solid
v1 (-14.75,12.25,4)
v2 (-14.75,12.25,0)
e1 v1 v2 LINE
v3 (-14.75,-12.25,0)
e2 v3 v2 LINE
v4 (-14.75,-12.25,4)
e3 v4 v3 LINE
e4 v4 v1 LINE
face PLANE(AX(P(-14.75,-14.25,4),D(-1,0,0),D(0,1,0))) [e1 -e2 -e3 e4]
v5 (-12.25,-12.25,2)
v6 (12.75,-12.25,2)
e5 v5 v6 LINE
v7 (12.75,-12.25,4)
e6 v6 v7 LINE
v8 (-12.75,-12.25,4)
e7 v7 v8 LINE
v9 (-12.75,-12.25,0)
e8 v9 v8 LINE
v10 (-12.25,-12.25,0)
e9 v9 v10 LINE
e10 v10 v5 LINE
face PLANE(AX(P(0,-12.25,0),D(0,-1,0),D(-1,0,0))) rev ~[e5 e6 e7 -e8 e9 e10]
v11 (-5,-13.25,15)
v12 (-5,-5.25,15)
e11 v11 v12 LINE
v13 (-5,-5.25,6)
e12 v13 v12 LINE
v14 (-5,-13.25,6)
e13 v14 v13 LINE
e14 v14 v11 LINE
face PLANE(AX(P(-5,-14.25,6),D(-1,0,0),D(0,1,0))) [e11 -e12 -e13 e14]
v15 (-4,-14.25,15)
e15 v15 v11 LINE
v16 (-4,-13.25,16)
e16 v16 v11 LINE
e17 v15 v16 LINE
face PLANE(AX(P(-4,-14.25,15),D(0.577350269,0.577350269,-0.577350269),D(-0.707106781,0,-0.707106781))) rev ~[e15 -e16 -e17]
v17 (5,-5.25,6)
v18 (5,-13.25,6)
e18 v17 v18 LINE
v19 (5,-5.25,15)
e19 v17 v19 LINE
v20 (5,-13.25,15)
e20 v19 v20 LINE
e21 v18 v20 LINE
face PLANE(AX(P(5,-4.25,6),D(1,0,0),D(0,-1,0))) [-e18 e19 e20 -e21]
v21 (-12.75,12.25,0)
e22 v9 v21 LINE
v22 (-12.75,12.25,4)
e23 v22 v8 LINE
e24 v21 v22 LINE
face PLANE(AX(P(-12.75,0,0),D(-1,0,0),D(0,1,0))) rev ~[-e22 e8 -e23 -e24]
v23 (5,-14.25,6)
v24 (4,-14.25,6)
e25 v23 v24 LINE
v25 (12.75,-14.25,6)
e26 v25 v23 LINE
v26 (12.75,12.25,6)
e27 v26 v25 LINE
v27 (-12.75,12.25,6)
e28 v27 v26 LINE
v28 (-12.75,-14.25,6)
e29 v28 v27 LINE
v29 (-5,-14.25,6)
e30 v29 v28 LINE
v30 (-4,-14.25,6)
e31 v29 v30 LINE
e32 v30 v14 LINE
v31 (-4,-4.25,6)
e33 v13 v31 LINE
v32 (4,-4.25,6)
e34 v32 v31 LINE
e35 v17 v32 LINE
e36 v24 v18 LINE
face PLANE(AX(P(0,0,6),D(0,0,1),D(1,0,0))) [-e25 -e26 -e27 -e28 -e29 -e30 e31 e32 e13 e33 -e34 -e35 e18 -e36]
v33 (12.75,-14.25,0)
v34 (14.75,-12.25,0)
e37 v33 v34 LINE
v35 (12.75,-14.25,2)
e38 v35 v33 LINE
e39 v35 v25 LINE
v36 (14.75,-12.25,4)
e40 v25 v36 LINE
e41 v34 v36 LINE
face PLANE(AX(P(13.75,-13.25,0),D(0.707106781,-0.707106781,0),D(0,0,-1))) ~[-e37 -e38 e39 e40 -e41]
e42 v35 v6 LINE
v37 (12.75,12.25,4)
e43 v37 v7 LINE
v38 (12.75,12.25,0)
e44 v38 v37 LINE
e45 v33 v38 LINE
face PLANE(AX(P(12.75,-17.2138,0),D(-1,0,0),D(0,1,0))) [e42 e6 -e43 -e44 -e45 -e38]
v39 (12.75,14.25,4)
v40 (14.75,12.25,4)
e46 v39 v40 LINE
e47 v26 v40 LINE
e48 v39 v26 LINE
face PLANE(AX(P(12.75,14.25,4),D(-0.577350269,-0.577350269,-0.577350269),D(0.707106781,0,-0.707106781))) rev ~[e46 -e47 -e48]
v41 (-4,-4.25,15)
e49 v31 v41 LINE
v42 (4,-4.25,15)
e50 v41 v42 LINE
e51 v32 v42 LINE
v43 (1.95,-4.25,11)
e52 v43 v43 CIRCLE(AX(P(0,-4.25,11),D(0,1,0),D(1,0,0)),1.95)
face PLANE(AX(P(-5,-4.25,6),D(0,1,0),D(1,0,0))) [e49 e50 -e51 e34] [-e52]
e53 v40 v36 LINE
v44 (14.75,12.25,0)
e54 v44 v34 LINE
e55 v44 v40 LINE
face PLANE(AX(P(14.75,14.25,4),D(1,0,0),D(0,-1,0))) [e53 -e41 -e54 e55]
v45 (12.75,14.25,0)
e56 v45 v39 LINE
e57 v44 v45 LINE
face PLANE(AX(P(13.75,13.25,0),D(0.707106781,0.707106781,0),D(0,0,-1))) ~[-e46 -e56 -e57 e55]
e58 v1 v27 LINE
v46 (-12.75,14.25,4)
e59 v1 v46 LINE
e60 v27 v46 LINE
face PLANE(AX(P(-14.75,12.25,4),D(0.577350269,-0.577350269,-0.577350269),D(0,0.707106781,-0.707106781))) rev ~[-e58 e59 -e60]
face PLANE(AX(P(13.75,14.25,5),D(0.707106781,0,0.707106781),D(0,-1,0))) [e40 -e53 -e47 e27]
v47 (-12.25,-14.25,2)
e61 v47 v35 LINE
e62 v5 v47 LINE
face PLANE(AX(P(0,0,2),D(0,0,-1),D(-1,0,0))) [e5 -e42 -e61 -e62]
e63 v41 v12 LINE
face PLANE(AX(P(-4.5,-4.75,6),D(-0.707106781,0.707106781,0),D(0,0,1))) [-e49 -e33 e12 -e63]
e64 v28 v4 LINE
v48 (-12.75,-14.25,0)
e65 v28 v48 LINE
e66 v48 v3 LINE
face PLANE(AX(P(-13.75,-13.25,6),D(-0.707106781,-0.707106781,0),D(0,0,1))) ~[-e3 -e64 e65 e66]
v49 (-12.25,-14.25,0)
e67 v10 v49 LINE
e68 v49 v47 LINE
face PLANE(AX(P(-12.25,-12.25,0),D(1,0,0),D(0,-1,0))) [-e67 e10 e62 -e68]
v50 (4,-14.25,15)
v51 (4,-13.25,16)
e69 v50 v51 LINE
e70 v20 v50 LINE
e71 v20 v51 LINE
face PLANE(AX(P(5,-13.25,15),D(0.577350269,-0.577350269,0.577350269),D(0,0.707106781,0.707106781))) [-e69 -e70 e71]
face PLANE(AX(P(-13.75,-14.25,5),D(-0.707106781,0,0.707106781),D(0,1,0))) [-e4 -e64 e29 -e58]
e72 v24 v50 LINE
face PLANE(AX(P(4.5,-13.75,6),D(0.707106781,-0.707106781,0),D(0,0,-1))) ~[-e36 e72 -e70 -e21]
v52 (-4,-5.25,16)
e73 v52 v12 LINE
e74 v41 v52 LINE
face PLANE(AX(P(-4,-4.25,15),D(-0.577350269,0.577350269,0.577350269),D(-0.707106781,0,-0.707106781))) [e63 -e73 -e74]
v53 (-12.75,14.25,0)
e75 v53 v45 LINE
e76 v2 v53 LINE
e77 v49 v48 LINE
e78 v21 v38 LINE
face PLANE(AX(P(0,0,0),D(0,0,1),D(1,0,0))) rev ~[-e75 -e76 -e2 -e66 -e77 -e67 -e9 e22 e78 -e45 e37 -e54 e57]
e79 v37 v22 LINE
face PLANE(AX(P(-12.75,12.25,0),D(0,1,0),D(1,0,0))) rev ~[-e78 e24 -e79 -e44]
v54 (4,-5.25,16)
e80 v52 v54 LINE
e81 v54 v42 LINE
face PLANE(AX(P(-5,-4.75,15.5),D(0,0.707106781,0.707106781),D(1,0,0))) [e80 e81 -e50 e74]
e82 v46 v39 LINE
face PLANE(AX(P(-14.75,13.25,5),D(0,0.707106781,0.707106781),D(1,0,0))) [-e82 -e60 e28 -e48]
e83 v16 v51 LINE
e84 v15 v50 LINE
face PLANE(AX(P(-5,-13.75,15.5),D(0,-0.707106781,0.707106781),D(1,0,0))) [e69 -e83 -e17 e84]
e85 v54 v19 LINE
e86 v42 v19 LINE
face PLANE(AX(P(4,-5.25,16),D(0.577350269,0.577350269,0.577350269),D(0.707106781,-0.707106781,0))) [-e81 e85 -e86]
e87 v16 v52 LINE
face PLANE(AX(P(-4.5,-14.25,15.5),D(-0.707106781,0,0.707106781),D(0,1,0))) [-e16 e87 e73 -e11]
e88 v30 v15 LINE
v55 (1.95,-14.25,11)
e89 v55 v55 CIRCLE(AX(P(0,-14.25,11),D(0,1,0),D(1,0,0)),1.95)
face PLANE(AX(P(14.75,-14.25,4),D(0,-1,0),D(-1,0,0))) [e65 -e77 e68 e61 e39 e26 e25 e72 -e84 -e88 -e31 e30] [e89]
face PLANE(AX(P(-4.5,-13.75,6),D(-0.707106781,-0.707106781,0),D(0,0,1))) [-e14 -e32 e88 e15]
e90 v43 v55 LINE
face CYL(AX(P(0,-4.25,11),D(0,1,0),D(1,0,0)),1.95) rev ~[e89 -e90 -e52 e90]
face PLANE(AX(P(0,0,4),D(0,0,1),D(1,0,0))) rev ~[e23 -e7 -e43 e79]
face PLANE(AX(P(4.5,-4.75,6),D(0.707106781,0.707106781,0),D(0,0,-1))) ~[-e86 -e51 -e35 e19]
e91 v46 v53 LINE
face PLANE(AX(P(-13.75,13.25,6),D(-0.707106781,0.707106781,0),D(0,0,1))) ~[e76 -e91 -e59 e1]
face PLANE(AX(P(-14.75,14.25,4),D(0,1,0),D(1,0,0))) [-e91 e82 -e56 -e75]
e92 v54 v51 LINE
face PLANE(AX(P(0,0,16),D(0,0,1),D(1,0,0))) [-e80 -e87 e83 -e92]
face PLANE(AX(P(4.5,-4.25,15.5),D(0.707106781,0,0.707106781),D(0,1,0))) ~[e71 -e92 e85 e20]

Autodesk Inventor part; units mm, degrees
ref_plane "YZ Plane" through (0, 0, 0) normal (1, 0, 0) x (0, 1, 0)
ref_plane "XZ Plane" through (0, 0, 0) normal (0, 1, 0) x (-1, 0, 0)
ref_plane "XY Plane" through (0, 0, 0) normal (0, 0, 1) x (1, 0, 0)
sketch "Skizze1" plane through (0, 0, 0) normal (0, 0, 1) x (1, 0, 0)
  point P0 (0, 0)
sketch "Skizze2" plane through (0, 0, 0) normal (0, 0, 1) x (1, 0, 0)
  line L0 (-12.75, 12.25) -> (12.75, 12.25)
  line L1 (12.75, 12.25) -> (12.75, -12.25)
  line L2 (12.75, -12.25) -> (-12.75, -12.25)
  line L3 (-12.75, -12.25) -> (-12.75, 12.25)
  line L4 (0, 19.95) -> (0, -19.95) projected
  line L5 (-20.65, 0) -> (20.65, 0) projected
  line L6 (-14.75, 14.25) -> (14.75, 14.25)
  line L7 (14.75, 14.25) -> (14.75, -14.25)
  line L8 (14.75, -14.25) -> (-14.75, -14.25)
  line L9 (-14.75, -14.25) -> (-14.75, 14.25)
  point P0 (0, 0)
  dimension "d0" = 25.5
  dimension "d1" = 24.5
  dimension "d2" = 2
  dimension "d3" = 2
  dimension "d4" = 2
  dimension "d5" = 2
extrude "Extrusion1" add sketch "Skizze2" along normal blind 4 contours L3 L5 L9 L6 L4 L0 | L4 L6 L7 L5 L1 L0 | L3 L2 L4 L8 L9 L5 | L5 L7 L8 L4 L2 L1
sketch "Skizze3" plane through (0, 0, 4) normal (0, 0, 1) x (1, 0, 0)
  line L0 (14.75, -14.25) -> (-14.75, -14.25) projected
  line L1 (-14.75, 14.25) -> (14.75, 14.25)
  line L2 (14.75, 14.25) -> (14.75, -14.25)
  line L3 (14.75, -14.25) -> (-14.75, -14.25)
  line L4 (-14.75, -14.25) -> (-14.75, 14.25)
  point P0 (0, 0)
extrude "Extrusion2" add sketch "Skizze3" along normal blind 2
sketch "Skizze4" plane through (0, 0, 0) normal (0, 0, -1) x (-1, 0, 0)
  line L0 (12.75, -12.25) -> (-12.75, -12.25) projected
  line L1 (-12.75, -12.25) -> (12.25, -12.25)
  line L2 (12.25, -12.25) -> (12.25, -17.2138)
  line L3 (12.25, -17.2138) -> (-12.75, -17.2138)
  line L4 (-12.75, -17.2138) -> (-12.75, -12.25)
  point P0 (0, 0)
extrude "Extrusion3" cut sketch "Skizze4" against normal blind 2
sketch "Skizze5" plane through (0, 0, 0) normal (0, 0, -1) x (-1, 0, 0)
  circle A0 centre (0.25, 13.25) radius 0.5
  line L0 (14.75, 14.25) -> (-14.75, 14.25) projected
  line L1 (14.75, -14.25) -> (14.75, 14.25) projected
  line L2 (-14.75, 14.25) -> (-14.75, -14.25) projected
  circle A1 centre (-9.75, 13.25) radius 0.5
  circle A2 centre (10.25, 13.25) radius 0.5
  circle A3 centre (-13.75, 0.25) radius 0.5
  circle A4 centre (-13.75, -9.75) radius 0.5
  circle A5 centre (-13.75, 10.25) radius 0.5
  line L3 (0, -19.95) -> (0, 19.95) projected
  circle A6 centre (13.75, 0.25) radius 0.5
  circle A7 centre (13.75, -9.75) radius 0.5
  circle A8 centre (13.75, 10.25) radius 0.5
  point P0 (0, 0)
  point P1 (13.75, 14.25)
  point P2 (-13.75, 14.25)
  point P3 (14.75, -13.25)
  point P4 (14.75, 13.25)
  point P5 (-14.75, 13.25)
  point P6 (-14.75, -13.25)
  dimension "d15" = 1
  dimension "d16" = 1
  dimension "d17" = 1
  dimension "d18" = 1
  dimension "d19" = 10
  dimension "d20" = 10
  dimension "d21" = 1
  dimension "d22" = 1
  dimension "d23" = 1
  dimension "d24" = 1
  dimension "d25" = 10
  dimension "d26" = 10
sketch "Skizze6" plane through (0, 0, 6) normal (0, 0, 1) x (1, 0, 0)
  line L0 (-5, -4.25) -> (5, -4.25)
  line L1 (5, -4.25) -> (5, -14.25)
  line L2 (5, -14.25) -> (-5, -14.25)
  line L3 (-5, -14.25) -> (-5, -4.25)
  line L4 (0, 19.95) -> (0, -19.95) projected
  line L5 (-20.65, 0) -> (20.65, 0) projected
  line L6 (-13.75, -14.25) -> (13.75, -14.25) projected
  point P0 (0, 0)
  dimension "d29" = 10
  dimension "d30" = 10
  dimension "d59" = 0
extrude "Extrusion5" add sketch "Skizze6" along normal blind 10
sketch "Skizze9" plane through (-5, -4.25, 6) normal (0, 1, 0) x (1, 0, 0)
  circle A0 centre (5, -5) radius 1.95
  line L0 (10, -10) -> (0, -10) projected
  point P0 (5, 6)
  dimension "d52" = 3.9
  dimension "d53" = 5
extrude "Extrusion8" cut sketch "Skizze9" against normal blind 26
chamfer "Fase4" distance 1 angle 45 8 edges at (-5, -9.25, 16) (0, -14.25, 16) (5, -14.25, 11) (5, -4.25, 11) (0, -4.25, 16) (-5, -4.25, 11) (-5, -14.25, 11) (5, -9.25, 16)
chamfer "Fase5" distance 2 angle 45 7 edges at (14.75, -14.25, 3) (14.75, 0, 6) (0, 14.25, 6) (-14.75, 0, 6) (-14.75, -14.25, 3) (-14.75, 14.25, 3) (14.75, 14.25, 3)
properties part number "20181106_Raspberrycamhalter"
